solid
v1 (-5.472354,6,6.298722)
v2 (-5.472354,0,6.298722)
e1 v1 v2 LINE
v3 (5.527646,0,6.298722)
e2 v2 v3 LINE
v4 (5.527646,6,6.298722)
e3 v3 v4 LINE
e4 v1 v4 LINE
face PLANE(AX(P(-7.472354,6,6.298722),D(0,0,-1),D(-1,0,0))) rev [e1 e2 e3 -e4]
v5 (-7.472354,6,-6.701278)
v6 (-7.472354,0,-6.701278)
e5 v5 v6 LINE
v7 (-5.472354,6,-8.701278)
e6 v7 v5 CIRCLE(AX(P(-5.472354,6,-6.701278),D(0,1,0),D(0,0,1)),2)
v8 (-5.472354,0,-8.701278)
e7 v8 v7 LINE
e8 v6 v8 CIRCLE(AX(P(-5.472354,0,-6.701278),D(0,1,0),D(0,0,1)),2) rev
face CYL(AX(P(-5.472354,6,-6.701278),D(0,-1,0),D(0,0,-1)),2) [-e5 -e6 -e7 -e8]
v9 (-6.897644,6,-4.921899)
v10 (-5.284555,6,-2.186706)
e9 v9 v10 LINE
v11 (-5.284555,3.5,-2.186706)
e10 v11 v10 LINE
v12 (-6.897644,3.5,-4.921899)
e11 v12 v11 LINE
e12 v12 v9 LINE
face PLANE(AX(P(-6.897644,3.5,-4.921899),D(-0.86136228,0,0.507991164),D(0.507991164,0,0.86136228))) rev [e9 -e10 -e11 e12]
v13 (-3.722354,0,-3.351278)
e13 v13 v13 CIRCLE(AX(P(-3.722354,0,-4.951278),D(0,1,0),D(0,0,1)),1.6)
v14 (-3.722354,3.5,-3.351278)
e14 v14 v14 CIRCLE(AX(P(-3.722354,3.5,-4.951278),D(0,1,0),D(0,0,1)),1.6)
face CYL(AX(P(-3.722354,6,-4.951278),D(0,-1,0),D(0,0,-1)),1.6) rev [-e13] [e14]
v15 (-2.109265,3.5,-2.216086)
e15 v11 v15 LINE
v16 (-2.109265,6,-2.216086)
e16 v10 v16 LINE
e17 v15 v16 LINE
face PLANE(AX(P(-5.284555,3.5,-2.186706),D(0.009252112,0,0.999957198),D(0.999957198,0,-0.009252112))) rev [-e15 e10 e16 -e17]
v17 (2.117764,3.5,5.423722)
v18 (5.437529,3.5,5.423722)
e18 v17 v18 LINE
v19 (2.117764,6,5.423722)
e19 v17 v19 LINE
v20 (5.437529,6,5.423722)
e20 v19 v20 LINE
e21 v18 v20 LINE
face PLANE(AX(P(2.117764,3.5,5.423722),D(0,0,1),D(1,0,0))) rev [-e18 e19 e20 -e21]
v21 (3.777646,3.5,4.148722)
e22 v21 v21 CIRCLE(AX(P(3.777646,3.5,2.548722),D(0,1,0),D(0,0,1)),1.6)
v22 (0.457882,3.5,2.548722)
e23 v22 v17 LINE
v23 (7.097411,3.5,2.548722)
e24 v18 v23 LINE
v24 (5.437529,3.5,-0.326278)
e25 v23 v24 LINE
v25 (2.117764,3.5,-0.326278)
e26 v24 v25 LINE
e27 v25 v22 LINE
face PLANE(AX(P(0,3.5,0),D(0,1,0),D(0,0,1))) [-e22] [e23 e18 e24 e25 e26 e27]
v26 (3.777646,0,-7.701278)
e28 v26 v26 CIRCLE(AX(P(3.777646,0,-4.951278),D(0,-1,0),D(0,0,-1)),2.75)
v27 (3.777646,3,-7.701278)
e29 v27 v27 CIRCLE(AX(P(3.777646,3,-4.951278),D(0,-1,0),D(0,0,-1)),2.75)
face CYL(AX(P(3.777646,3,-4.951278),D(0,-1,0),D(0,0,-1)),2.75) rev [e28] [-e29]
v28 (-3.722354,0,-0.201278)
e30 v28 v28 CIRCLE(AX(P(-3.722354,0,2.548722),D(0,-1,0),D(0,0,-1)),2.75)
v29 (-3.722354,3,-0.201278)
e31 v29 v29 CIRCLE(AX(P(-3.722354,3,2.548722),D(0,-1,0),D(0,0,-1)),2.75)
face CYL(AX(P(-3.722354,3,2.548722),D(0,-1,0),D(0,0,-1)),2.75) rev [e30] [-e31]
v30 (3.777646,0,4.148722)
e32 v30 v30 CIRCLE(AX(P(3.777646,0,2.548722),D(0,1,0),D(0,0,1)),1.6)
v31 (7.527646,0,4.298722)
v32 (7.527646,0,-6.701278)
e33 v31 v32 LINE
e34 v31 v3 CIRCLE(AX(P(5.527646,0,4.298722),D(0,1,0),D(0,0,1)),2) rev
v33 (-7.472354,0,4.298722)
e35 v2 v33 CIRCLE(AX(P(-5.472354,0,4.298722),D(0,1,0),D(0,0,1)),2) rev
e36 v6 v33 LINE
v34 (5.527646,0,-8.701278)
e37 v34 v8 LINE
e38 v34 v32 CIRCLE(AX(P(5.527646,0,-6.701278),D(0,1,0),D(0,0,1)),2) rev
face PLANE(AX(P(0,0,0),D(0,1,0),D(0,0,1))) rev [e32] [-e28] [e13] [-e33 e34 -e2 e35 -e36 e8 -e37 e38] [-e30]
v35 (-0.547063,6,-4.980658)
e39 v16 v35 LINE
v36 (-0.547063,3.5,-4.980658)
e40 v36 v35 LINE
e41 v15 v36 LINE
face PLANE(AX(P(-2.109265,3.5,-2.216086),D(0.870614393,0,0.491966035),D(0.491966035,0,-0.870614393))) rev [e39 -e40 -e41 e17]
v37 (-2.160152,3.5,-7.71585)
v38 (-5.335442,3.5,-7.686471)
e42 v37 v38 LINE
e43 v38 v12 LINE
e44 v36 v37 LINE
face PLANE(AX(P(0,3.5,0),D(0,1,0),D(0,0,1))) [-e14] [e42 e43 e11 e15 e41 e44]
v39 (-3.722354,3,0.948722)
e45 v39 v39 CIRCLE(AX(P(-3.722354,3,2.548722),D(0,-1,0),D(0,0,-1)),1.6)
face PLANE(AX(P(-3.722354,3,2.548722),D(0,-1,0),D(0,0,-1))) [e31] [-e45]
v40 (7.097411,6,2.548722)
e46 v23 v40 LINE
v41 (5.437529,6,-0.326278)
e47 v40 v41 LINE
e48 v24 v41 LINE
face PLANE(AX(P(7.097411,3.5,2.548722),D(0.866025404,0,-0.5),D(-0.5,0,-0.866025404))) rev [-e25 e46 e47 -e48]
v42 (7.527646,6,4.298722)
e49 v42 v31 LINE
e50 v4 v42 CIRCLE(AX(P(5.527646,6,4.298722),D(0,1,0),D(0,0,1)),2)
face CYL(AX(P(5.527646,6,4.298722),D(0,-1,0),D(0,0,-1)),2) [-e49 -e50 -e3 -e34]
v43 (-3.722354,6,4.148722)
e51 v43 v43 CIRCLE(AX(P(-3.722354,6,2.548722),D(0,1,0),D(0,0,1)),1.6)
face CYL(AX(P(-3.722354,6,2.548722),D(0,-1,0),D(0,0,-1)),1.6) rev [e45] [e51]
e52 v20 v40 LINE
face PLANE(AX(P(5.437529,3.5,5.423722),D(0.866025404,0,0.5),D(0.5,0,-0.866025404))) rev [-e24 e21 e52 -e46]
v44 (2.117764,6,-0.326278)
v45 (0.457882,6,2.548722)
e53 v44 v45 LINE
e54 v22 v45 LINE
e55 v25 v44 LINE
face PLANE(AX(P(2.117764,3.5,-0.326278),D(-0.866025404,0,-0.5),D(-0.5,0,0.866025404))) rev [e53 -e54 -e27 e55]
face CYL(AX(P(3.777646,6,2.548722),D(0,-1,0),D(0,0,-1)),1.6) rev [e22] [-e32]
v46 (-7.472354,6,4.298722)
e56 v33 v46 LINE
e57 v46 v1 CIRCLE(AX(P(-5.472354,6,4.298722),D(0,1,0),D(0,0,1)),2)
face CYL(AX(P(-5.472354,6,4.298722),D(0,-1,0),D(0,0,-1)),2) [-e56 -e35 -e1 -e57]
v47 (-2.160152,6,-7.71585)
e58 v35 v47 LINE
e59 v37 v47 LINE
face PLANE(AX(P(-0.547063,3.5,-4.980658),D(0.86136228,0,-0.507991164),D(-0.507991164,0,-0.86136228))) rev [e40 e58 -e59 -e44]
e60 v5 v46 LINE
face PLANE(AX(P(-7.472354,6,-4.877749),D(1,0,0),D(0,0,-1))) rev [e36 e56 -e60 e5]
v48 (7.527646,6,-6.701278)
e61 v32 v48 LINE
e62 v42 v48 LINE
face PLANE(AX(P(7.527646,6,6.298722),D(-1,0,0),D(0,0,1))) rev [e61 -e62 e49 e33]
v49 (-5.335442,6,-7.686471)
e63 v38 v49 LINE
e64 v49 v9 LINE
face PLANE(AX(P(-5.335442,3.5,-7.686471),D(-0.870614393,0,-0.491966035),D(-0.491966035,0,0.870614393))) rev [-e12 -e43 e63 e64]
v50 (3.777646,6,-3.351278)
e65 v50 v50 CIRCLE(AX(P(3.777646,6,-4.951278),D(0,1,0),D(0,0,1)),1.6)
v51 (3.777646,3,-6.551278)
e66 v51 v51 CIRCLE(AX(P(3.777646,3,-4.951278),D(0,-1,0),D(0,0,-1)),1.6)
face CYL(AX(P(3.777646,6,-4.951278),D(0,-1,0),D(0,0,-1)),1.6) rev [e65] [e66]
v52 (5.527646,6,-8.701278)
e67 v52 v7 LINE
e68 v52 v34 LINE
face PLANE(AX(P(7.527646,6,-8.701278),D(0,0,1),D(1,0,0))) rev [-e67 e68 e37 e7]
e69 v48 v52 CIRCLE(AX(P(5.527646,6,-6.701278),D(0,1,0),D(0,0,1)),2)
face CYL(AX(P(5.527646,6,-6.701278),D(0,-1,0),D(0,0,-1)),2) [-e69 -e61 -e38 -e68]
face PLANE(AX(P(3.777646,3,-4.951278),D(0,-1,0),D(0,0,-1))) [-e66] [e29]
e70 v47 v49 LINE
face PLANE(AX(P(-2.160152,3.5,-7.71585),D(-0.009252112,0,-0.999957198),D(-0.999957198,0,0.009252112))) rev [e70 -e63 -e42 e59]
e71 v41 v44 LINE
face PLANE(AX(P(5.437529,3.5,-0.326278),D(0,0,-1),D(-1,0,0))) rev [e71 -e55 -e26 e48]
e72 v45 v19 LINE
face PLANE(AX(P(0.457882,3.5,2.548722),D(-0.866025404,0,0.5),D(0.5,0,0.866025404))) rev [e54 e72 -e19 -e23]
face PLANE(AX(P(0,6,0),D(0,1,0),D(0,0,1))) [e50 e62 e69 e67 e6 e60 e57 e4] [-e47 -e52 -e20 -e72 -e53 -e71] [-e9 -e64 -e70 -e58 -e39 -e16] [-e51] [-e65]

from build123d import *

# Parameters (mm, degrees)
SKETCH1_R           = 1.6
BOSS_EXTRUDE1_DEPTH = 6
CUT_EXTRUDE1_DEPTH  = 2.5
SKETCH3_R           = 2.75
CUT_EXTRUDE2_DEPTH  = 3
FILLET1_R           = 2


with BuildPart() as part:
    # Sketch1 → Boss-Extrude1 (new body)
    with BuildSketch(Plane(origin=(0, 0, 0), x_dir=(1, 0, 0), z_dir=(0, 1, 0))):
        Polygon((-7.472353521, 4.877749034), (-7.472353521, -6.298721554), (7.527646479, -6.298721554), (7.527646479, 8.701278446), (-7.472353521, 8.701278446), align=None)
        with Locations(Location((-3.722353521, 4.951278446, 0), (0, 0, 270))):
            Circle(SKETCH1_R, mode=Mode.SUBTRACT)
        with Locations(Location((3.777646479, -2.548721554, 0), (0, 0, 270))):
            Circle(SKETCH1_R, mode=Mode.SUBTRACT)
        with Locations(Location((3.777646479, 4.951278446, 0), (0, 0, 270))):
            Circle(SKETCH1_R, mode=Mode.SUBTRACT)
        with Locations(Location((-3.722353521, -2.548721554, 0), (0, 0, 270))):
            Circle(SKETCH1_R, mode=Mode.SUBTRACT)
    extrude(amount=BOSS_EXTRUDE1_DEPTH)

    # Sketch2 → Cut-Extrude1 (cut)
    with BuildSketch(Plane(origin=(0, 6, 0), x_dir=(1, 0, 0), z_dir=(0, 1, 0))):
        Polygon((-2.109264929, 2.216085852), (-0.547062955, 4.980657848), (-2.160151547, 7.715850442), (-5.335442114, 7.686471039), (-6.897644088, 4.921899043), (-5.284555496, 2.186706449), align=None)
        Polygon((7.097410526, -2.548721554), (5.437528503, 0.326278446), (2.117764455, 0.326278446), (0.457882431, -2.548721554), (2.117764455, -5.423721554), (5.437528503, -5.423721554), align=None)
    extrude(amount=-CUT_EXTRUDE1_DEPTH, mode=Mode.SUBTRACT)

    # Sketch3 → Cut-Extrude2 (cut)
    with BuildSketch(Plane.XZ):
        with Locations(Location((3.777646479, -4.951278446, 0), (0, 0, 270))):
            Circle(SKETCH3_R)
        with Locations(Location((-3.722353521, 2.548721554, 0), (0, 0, 270))):
            Circle(SKETCH3_R)
    extrude(amount=-CUT_EXTRUDE2_DEPTH, mode=Mode.SUBTRACT)

    # Fillet1
    fillet1_edges = [part.edges().sort_by_distance(p)[0] for p in [
        (-7.472353521, 3, -8.701278446),
        (7.527646479, 3, -8.701278446),
        (7.527646479, 3, 6.298721554),
        (-7.472353521, 3, 6.298721554),
    ]]
    fillet(fillet1_edges, radius=FILLET1_R)


solid = part.part
